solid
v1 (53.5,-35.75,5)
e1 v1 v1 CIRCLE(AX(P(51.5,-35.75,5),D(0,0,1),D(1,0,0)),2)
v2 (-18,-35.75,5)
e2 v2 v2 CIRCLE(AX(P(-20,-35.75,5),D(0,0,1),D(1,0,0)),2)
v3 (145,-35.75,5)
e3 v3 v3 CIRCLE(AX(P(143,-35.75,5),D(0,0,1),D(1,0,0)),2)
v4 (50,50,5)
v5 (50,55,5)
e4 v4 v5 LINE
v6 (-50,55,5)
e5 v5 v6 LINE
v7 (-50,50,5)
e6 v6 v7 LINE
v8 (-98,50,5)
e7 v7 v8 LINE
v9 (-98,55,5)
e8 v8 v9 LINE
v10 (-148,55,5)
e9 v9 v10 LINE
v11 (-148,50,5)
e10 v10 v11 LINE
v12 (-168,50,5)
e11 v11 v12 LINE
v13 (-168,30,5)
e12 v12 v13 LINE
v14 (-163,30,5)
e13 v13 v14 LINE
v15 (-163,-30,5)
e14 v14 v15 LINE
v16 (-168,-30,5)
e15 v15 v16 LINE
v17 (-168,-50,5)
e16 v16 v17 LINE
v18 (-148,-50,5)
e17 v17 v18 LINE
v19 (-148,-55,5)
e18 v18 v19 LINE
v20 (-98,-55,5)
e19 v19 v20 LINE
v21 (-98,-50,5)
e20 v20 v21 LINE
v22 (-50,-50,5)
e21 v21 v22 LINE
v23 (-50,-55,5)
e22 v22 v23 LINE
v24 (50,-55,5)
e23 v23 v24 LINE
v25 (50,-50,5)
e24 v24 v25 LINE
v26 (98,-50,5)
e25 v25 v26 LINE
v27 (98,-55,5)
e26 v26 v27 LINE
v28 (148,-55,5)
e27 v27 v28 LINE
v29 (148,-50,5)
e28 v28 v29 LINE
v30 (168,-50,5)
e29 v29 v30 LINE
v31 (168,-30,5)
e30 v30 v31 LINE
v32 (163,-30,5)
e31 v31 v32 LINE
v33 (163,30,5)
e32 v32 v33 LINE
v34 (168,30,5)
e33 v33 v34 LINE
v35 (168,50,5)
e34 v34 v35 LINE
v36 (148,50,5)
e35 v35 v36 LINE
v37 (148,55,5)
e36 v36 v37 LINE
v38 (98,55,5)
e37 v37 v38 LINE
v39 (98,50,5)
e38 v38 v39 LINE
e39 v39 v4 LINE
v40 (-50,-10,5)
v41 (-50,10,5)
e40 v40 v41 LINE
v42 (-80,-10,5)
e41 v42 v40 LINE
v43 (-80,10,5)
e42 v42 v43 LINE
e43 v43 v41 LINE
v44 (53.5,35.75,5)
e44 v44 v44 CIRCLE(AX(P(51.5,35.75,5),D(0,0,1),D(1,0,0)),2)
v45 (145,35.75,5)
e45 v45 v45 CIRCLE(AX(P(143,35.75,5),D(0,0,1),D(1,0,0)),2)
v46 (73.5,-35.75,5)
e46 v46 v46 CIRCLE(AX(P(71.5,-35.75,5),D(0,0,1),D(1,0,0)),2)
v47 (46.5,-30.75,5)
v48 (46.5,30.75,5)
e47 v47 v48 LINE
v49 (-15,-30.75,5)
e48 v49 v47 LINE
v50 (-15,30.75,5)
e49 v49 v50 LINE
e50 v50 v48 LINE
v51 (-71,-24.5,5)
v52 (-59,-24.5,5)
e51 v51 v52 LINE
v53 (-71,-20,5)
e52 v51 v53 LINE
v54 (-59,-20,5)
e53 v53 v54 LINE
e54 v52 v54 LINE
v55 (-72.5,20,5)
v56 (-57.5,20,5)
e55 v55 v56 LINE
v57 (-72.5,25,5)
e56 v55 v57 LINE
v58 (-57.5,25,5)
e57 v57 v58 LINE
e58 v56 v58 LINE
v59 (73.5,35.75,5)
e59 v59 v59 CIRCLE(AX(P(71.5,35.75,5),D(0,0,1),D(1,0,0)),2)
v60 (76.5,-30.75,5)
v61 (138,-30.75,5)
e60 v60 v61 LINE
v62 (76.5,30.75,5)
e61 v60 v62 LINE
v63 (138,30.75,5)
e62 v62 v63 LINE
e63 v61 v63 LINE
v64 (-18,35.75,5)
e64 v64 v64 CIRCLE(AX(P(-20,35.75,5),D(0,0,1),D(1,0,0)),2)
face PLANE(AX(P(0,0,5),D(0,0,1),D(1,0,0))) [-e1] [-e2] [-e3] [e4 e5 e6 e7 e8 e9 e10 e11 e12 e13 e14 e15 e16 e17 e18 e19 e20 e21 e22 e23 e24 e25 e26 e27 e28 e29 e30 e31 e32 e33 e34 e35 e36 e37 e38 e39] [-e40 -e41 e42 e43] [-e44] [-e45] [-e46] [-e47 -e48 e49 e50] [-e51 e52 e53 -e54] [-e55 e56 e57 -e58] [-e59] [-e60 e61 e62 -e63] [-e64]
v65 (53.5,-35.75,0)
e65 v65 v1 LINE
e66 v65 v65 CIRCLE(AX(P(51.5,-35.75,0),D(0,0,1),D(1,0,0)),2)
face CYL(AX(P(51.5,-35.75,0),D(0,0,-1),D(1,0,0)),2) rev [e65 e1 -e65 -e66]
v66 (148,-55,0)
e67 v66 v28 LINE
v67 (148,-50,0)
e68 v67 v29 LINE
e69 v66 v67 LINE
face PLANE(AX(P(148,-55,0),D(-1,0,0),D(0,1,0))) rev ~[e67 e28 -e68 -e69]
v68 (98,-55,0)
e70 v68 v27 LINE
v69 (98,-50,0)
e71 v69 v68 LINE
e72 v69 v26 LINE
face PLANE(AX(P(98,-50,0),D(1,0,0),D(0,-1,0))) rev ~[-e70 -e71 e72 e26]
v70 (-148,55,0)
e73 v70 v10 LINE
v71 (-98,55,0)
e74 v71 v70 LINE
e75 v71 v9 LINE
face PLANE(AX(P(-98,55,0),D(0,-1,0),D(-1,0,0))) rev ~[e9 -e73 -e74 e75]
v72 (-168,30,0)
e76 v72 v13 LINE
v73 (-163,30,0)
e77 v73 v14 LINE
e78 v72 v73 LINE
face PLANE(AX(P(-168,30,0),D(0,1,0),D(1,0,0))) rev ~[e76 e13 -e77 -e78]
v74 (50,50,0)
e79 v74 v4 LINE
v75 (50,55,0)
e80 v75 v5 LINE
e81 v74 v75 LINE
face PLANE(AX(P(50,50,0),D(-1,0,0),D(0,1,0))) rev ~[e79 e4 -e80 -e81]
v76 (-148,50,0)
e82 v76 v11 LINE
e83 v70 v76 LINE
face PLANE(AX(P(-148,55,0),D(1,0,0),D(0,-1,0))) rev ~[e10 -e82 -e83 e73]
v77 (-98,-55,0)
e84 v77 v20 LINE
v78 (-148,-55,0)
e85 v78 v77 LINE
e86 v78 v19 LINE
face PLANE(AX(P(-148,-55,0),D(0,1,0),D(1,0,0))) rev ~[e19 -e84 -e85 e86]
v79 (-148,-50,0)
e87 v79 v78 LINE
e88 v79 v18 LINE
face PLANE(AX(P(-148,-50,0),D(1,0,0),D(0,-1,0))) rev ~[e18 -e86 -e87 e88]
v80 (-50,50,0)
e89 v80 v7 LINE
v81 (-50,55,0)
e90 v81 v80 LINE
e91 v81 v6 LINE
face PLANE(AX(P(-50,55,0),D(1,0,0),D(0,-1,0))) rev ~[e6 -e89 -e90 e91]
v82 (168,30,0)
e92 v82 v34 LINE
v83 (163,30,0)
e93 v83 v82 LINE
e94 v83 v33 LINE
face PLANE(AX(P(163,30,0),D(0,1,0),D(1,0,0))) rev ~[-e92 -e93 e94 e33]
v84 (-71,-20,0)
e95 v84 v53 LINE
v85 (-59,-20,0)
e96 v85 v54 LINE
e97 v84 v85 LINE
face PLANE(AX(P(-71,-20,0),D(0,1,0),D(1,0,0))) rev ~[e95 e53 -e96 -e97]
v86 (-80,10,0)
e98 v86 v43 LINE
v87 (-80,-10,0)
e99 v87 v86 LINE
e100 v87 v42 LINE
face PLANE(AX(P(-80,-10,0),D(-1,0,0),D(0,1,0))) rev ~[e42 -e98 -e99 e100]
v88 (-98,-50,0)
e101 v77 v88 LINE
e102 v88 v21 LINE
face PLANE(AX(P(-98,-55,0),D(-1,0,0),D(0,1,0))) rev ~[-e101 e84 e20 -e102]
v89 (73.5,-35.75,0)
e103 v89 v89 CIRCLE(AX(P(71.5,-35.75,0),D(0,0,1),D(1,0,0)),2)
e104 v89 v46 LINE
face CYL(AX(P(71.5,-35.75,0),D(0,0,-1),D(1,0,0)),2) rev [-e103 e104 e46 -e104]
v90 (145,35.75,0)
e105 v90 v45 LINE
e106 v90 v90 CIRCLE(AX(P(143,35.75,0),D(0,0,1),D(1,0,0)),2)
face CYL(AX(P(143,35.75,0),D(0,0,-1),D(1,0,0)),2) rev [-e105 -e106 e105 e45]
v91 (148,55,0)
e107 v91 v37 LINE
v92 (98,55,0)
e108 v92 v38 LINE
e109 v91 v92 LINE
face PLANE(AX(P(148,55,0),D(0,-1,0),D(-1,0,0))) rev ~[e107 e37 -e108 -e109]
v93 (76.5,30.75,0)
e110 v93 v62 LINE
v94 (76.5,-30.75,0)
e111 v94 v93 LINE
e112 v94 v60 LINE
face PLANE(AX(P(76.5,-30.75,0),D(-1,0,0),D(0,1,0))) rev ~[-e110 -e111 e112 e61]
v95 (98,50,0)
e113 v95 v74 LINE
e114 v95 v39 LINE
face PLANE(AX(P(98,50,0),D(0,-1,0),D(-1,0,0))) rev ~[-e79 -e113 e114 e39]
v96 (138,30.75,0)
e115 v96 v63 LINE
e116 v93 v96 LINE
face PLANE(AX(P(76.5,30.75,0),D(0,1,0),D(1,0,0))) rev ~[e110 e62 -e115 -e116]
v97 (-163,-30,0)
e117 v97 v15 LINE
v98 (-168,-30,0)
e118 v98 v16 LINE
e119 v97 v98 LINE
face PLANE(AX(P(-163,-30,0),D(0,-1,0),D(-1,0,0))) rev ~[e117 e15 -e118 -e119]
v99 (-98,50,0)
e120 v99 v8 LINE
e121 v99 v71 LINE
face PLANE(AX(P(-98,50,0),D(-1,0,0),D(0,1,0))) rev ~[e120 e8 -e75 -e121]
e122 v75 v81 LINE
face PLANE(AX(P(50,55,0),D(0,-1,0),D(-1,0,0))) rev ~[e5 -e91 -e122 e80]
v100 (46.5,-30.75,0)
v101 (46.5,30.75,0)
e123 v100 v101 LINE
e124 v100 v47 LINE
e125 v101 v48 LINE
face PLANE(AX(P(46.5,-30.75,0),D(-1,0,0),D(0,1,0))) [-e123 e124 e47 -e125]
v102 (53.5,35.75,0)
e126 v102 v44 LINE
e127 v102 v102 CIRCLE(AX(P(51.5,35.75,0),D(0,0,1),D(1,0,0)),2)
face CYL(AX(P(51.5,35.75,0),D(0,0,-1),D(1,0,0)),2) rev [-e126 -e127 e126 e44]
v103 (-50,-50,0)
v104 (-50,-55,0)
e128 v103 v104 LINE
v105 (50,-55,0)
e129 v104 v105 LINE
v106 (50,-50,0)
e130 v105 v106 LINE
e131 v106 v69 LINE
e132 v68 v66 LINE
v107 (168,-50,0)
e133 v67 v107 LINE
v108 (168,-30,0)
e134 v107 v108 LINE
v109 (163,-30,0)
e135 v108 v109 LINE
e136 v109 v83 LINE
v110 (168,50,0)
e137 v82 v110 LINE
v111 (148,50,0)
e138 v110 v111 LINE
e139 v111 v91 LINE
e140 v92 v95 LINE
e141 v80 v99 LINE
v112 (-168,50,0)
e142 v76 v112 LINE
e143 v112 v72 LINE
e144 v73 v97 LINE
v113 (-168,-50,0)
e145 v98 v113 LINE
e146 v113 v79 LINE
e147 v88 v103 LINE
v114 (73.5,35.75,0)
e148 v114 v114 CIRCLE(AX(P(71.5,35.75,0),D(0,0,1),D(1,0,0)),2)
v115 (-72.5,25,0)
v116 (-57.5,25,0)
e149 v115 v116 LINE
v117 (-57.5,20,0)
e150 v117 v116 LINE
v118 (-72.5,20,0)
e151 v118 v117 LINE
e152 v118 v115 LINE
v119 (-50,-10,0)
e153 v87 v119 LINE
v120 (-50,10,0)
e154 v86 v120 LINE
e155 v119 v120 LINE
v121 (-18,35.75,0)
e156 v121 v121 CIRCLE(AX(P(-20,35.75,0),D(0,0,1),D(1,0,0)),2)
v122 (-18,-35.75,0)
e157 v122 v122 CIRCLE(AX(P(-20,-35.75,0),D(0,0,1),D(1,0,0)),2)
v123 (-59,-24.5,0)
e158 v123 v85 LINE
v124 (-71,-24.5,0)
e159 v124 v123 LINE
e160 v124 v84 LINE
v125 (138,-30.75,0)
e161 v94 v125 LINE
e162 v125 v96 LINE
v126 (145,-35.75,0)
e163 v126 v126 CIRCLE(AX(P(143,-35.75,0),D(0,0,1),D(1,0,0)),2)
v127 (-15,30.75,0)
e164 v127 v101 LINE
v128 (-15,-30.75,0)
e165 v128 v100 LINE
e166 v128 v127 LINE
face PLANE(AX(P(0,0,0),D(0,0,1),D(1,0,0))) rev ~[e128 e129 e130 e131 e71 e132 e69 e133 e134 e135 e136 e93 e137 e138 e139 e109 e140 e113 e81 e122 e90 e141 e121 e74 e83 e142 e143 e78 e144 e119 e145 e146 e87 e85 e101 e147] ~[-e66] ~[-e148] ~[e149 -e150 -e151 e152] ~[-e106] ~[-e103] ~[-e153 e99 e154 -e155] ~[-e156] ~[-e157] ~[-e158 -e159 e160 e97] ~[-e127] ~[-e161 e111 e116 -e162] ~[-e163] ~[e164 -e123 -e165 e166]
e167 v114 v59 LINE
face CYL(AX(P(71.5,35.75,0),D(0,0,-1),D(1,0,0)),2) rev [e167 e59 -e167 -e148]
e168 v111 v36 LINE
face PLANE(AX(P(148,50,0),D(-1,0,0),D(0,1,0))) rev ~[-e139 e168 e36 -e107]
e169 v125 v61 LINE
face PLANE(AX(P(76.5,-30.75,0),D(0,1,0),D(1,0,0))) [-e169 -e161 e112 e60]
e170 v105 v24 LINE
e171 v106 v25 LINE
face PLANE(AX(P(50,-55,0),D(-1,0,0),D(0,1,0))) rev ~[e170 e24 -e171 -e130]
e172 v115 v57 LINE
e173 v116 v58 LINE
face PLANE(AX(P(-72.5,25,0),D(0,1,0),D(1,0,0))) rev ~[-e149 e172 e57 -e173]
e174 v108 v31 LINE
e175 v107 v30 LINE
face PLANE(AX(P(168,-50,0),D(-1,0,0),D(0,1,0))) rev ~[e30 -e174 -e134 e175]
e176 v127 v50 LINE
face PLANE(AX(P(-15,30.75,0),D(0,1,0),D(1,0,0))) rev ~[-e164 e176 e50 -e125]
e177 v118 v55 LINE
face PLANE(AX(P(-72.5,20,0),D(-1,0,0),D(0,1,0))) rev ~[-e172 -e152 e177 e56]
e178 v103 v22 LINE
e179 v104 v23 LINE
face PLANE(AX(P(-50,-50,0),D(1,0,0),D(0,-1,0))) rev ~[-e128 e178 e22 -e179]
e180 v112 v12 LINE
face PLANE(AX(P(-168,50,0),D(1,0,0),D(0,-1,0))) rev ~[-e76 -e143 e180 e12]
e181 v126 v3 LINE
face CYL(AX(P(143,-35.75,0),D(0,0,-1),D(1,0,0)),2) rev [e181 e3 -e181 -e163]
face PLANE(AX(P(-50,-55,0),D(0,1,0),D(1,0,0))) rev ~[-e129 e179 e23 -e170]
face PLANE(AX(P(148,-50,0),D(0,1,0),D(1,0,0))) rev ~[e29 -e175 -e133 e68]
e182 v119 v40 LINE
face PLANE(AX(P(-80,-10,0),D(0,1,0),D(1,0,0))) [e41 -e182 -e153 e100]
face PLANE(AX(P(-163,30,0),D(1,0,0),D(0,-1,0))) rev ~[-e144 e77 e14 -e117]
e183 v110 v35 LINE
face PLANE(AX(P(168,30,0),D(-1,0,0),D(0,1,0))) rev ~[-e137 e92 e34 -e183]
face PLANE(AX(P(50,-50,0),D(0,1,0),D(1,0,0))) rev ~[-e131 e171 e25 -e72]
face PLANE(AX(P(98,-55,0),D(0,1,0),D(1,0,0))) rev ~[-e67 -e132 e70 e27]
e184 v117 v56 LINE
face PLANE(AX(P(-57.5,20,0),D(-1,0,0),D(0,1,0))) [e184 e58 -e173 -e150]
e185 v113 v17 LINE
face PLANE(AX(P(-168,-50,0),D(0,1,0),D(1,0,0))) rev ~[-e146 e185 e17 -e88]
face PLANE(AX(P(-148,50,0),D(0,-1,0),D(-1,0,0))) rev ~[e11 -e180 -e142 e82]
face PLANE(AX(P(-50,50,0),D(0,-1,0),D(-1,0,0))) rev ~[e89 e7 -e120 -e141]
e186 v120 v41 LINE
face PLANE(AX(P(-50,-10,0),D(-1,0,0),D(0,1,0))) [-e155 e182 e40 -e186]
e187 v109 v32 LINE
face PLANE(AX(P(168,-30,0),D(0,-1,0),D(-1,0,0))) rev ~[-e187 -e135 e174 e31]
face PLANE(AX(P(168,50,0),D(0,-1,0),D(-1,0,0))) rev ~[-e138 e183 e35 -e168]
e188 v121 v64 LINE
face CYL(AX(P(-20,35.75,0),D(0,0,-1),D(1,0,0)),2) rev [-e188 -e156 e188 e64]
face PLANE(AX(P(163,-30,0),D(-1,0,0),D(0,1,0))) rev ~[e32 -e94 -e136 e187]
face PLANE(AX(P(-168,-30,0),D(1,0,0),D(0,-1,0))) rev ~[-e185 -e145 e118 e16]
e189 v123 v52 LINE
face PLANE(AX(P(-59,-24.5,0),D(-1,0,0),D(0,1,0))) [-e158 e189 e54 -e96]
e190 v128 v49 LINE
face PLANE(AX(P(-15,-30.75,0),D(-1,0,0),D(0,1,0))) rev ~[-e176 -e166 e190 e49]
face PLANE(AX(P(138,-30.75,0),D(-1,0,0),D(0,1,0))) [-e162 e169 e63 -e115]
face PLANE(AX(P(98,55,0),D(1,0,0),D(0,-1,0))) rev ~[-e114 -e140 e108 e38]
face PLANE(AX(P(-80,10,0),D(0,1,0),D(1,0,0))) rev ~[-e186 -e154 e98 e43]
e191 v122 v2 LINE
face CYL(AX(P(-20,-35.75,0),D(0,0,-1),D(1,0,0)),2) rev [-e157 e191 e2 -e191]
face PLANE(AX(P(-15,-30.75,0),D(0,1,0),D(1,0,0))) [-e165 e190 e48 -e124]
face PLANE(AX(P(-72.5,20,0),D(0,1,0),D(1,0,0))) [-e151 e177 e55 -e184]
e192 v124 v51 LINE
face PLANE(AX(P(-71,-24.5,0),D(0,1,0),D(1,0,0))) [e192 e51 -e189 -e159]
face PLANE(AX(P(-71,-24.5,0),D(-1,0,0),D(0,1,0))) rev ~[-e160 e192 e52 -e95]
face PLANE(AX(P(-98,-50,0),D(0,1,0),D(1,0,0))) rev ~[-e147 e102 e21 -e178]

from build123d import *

# Parameters (mm, degrees)
SKETCH1_R           = 2
SKETCH1_W           = 12
SKETCH1_H           = 4.5
SKETCH1_W_2         = 61.5
SKETCH1_H_2         = 61.5
SKETCH1_W_3         = 30
SKETCH1_H_3         = 20
SKETCH1_W_4         = 15
SKETCH1_H_4         = 5
BOSS_EXTRUDE1_DEPTH = 5


with BuildPart() as part:
    # Sketch1 → Boss-Extrude1 (new body)
    with BuildSketch(Plane.XY):
        Polygon((148, -50), (168, -50), (168, -30), (163, -30), (163, 30), (168, 30), (168, 50), (148, 50), (148, 55), (98, 55), (98, 50), (50, 50), (50, 55), (-50, 55), (-50, 50), (-98, 50), (-98, 55), (-148, 55), (-148, 50), (-168, 50), (-168, 30), (-163, 30), (-163, -30), (-168, -30), (-168, -50), (-148, -50), (-148, -55), (-98, -55), (-98, -50), (-50, -50), (-50, -55), (50, -55), (50, -50), (98, -50), (98, -55), (148, -55), align=None)
        with Locations((-20, -35.75)):
            Circle(SKETCH1_R, mode=Mode.SUBTRACT)
        with Locations((-65, -22.25)):
            Rectangle(SKETCH1_W, SKETCH1_H, mode=Mode.SUBTRACT)
        with Locations((51.5, -35.75)):
            Circle(SKETCH1_R, mode=Mode.SUBTRACT)
        with Locations((71.5, -35.75)):
            Circle(SKETCH1_R, mode=Mode.SUBTRACT)
        with Locations((143, -35.75)):
            Circle(SKETCH1_R, mode=Mode.SUBTRACT)
        with Locations((15.75, 0)):
            Rectangle(SKETCH1_W_2, SKETCH1_H_2, mode=Mode.SUBTRACT)
        with Locations((-65, 0)):
            Rectangle(SKETCH1_W_3, SKETCH1_H_3, mode=Mode.SUBTRACT)
        with Locations((-65, 22.5)):
            Rectangle(SKETCH1_W_4, SKETCH1_H_4, mode=Mode.SUBTRACT)
        with Locations((-20, 35.75)):
            Circle(SKETCH1_R, mode=Mode.SUBTRACT)
        with Locations((107.25, 0)):
            Rectangle(SKETCH1_W_2, SKETCH1_H_2, mode=Mode.SUBTRACT)
        with Locations((51.5, 35.75)):
            Circle(SKETCH1_R, mode=Mode.SUBTRACT)
        with Locations((71.5, 35.75)):
            Circle(SKETCH1_R, mode=Mode.SUBTRACT)
        with Locations((143, 35.75)):
            Circle(SKETCH1_R, mode=Mode.SUBTRACT)
    extrude(amount=BOSS_EXTRUDE1_DEPTH)


solid = part.part
